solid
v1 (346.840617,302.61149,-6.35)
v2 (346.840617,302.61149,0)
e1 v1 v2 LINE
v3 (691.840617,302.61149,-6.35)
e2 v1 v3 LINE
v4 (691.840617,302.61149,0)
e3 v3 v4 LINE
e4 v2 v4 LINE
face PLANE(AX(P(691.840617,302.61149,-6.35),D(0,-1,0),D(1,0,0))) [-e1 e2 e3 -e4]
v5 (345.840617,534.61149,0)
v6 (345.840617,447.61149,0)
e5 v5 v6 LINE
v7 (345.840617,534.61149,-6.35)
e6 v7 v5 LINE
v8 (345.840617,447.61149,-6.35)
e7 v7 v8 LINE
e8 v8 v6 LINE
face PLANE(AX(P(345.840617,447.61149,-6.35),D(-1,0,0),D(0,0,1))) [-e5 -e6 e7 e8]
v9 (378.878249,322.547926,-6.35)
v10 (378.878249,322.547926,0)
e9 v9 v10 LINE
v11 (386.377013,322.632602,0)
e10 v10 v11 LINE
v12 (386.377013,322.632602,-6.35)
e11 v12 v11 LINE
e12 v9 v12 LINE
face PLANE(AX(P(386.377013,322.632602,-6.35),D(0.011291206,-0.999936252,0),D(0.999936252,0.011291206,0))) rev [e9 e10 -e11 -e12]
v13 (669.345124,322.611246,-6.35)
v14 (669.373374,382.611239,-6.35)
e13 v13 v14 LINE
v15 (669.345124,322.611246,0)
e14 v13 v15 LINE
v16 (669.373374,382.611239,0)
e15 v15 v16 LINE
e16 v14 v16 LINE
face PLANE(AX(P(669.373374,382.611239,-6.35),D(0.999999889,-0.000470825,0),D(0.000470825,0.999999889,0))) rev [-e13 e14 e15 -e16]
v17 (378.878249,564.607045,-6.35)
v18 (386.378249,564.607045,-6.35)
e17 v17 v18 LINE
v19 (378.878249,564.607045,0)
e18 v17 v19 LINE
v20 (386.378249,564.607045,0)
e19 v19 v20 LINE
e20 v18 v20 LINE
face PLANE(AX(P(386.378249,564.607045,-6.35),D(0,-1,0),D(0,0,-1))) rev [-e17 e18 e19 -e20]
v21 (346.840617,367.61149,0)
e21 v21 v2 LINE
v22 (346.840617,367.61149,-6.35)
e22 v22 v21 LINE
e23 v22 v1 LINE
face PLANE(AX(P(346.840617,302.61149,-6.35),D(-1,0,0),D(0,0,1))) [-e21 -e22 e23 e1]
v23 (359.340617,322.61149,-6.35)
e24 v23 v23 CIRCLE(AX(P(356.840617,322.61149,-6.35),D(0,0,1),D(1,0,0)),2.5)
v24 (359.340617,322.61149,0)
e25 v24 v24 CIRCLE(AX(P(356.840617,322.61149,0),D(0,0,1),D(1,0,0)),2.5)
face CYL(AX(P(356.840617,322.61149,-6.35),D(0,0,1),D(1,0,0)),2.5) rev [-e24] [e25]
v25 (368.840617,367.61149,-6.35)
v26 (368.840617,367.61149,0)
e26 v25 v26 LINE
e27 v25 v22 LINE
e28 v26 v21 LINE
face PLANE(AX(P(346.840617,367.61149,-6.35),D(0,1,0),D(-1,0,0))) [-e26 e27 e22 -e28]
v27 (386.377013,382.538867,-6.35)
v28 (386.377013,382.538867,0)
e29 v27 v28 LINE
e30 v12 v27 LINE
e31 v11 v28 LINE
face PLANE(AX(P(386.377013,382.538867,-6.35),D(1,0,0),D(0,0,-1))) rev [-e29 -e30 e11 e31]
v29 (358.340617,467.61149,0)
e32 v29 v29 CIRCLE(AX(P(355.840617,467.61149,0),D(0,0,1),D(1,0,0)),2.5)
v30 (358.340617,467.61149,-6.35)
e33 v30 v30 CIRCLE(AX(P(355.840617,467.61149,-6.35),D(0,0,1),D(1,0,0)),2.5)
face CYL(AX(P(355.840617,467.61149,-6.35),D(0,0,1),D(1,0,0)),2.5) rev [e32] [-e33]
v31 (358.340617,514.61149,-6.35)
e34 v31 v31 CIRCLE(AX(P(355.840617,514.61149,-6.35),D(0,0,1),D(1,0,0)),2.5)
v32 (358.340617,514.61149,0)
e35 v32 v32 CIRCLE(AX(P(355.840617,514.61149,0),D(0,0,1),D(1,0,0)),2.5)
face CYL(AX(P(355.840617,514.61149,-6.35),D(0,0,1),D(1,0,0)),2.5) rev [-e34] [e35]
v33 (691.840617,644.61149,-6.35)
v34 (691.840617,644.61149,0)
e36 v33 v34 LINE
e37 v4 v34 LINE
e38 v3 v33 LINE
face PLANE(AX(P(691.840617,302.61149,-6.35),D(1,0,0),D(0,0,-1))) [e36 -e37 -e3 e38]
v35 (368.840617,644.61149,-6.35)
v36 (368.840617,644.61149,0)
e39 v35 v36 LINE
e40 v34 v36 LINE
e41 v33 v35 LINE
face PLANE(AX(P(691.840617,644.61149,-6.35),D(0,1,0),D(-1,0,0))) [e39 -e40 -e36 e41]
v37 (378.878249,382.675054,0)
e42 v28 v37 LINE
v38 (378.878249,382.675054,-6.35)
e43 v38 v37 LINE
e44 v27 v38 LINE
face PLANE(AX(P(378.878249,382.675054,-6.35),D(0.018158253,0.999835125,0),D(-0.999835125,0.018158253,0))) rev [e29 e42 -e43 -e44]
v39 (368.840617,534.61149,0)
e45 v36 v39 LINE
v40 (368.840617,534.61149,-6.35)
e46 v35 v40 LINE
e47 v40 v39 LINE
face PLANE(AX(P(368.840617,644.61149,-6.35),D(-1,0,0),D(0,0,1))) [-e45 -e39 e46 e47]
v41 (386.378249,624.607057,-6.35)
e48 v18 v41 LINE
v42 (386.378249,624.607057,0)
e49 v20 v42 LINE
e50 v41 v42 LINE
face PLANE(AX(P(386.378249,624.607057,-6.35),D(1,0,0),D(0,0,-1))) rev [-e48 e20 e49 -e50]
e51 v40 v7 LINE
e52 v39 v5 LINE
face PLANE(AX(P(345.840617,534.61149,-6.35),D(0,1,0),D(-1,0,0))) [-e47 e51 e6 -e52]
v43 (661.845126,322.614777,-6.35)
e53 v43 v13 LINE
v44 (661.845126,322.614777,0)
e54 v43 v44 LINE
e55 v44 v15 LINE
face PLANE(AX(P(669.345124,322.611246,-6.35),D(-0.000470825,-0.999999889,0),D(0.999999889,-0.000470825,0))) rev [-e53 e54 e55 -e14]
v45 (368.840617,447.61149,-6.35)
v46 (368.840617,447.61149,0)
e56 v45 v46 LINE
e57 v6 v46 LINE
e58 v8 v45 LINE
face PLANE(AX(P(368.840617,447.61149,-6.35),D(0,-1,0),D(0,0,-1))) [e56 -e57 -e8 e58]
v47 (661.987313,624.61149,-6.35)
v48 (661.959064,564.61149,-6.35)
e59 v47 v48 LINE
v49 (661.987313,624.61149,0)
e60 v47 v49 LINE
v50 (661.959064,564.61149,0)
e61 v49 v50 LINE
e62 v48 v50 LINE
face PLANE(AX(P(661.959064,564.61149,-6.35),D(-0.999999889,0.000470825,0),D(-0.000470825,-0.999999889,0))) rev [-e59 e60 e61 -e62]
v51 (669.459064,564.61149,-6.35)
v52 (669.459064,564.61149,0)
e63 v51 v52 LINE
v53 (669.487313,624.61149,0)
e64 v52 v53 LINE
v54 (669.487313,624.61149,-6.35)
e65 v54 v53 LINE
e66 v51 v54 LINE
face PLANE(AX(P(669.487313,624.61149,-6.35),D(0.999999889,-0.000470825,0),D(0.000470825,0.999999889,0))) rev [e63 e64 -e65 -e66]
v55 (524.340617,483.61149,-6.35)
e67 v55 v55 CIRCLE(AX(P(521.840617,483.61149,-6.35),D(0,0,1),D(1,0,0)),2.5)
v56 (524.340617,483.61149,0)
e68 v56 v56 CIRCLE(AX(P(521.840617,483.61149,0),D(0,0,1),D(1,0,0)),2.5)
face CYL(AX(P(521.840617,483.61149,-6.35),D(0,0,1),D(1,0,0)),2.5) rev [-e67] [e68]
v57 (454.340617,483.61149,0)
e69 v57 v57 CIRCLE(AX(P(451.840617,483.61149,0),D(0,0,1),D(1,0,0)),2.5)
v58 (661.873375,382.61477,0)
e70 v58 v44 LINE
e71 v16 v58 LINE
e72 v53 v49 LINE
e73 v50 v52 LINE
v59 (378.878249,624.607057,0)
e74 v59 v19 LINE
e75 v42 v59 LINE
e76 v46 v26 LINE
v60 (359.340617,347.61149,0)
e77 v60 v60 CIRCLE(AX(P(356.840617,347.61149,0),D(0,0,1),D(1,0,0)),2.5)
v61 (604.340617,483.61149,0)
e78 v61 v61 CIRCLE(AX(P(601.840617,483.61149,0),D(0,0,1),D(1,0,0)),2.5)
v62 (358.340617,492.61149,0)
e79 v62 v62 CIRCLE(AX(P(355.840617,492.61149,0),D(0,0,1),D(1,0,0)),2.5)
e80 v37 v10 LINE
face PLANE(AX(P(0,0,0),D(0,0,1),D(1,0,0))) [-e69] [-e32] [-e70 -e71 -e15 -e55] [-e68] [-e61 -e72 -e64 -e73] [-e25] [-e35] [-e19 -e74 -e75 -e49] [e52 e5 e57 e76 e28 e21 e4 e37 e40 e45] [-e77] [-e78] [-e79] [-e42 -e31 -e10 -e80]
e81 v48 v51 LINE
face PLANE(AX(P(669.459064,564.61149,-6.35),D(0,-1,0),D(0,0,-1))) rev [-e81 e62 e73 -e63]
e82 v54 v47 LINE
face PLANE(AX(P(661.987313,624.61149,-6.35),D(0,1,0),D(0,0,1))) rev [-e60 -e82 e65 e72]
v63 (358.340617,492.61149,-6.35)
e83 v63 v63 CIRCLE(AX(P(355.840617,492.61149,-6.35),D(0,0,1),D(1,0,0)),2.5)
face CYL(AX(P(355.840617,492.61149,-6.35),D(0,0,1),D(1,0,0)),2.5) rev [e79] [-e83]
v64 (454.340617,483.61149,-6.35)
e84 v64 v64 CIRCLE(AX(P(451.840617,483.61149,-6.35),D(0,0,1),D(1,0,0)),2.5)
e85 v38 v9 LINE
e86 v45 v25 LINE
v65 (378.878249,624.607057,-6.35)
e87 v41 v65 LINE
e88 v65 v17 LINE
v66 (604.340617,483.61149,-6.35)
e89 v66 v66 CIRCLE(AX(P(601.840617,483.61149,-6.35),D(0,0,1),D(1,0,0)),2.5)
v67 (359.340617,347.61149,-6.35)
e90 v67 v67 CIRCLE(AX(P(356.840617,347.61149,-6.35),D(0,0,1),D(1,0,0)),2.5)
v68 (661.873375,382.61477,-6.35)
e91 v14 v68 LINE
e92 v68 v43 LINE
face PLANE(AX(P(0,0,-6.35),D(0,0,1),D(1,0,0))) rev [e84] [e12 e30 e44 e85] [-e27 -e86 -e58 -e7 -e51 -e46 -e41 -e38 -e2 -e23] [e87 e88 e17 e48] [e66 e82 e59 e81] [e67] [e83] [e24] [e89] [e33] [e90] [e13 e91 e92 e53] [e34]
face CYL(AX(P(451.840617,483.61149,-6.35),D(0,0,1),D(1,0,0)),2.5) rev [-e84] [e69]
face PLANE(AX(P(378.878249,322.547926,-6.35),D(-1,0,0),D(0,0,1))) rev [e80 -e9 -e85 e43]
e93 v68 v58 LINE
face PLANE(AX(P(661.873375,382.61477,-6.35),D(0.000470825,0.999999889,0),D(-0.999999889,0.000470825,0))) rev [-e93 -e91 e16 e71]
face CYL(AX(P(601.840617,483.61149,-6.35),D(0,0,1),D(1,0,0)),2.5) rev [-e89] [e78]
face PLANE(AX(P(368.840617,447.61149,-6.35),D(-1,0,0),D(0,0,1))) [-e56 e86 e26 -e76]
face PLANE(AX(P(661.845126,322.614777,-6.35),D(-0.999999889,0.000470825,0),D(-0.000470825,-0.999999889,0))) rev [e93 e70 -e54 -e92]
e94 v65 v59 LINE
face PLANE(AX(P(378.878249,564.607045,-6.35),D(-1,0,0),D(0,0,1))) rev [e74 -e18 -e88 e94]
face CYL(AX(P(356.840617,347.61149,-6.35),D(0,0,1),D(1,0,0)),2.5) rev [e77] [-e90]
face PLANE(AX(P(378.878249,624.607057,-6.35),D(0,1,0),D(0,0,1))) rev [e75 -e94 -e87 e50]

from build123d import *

# Parameters (mm, degrees)
MODEL_R             = 2.5
MODEL_W             = 7.5
MODEL_H             = 60.000012028
BOSS_EXTRUDE1_DEPTH = 6.35


with BuildPart() as part:
    # Model → Boss-Extrude1 (new body)
    with BuildSketch(Plane.XY):
        Polygon((691.840616937, 302.611489719), (346.840616937, 302.611489719), (346.840616937, 367.611489719), (368.840616937, 367.611489719), (368.840616937, 447.611489719), (345.840616937, 447.611489719), (345.840616937, 534.611489719), (368.840616937, 534.611489719), (368.840616937, 644.611489719), (691.840616937, 644.611489719), align=None)
        with Locations((355.840616937, 514.611489719)):
            Circle(MODEL_R, mode=Mode.SUBTRACT)
        with Locations((355.840616937, 492.611489719)):
            Circle(MODEL_R, mode=Mode.SUBTRACT)
        with Locations((355.840616937, 467.611489719)):
            Circle(MODEL_R, mode=Mode.SUBTRACT)
        with Locations((356.840616937, 347.611489719)):
            Circle(MODEL_R, mode=Mode.SUBTRACT)
        with Locations((356.840616937, 322.611489719)):
            Circle(MODEL_R, mode=Mode.SUBTRACT)
        with Locations((451.840616937, 483.611489719)):
            Circle(MODEL_R, mode=Mode.SUBTRACT)
        with Locations((521.840616937, 483.611489719)):
            Circle(MODEL_R, mode=Mode.SUBTRACT)
        with Locations((601.840616937, 483.611489719)):
            Circle(MODEL_R, mode=Mode.SUBTRACT)
        with Locations((382.628249379, 594.607051385)):
            Rectangle(MODEL_W, MODEL_H, mode=Mode.SUBTRACT)
        Polygon((378.878249379, 382.675054085), (386.377012819, 382.538867187), (386.377012819, 322.632601599), (378.878249379, 322.547926114), align=None, mode=Mode.SUBTRACT)
        Polygon((661.987313401, 624.611489719), (669.487313401, 624.611489719), (669.459063879, 564.611489719), (661.959063879, 564.611489719), align=None, mode=Mode.SUBTRACT)
        Polygon((661.873375206, 382.614770073), (669.373373543, 382.611238884), (669.345124024, 322.611245534), (661.845125687, 322.614776724), align=None, mode=Mode.SUBTRACT)
    extrude(amount=-BOSS_EXTRUDE1_DEPTH)


solid = part.part
